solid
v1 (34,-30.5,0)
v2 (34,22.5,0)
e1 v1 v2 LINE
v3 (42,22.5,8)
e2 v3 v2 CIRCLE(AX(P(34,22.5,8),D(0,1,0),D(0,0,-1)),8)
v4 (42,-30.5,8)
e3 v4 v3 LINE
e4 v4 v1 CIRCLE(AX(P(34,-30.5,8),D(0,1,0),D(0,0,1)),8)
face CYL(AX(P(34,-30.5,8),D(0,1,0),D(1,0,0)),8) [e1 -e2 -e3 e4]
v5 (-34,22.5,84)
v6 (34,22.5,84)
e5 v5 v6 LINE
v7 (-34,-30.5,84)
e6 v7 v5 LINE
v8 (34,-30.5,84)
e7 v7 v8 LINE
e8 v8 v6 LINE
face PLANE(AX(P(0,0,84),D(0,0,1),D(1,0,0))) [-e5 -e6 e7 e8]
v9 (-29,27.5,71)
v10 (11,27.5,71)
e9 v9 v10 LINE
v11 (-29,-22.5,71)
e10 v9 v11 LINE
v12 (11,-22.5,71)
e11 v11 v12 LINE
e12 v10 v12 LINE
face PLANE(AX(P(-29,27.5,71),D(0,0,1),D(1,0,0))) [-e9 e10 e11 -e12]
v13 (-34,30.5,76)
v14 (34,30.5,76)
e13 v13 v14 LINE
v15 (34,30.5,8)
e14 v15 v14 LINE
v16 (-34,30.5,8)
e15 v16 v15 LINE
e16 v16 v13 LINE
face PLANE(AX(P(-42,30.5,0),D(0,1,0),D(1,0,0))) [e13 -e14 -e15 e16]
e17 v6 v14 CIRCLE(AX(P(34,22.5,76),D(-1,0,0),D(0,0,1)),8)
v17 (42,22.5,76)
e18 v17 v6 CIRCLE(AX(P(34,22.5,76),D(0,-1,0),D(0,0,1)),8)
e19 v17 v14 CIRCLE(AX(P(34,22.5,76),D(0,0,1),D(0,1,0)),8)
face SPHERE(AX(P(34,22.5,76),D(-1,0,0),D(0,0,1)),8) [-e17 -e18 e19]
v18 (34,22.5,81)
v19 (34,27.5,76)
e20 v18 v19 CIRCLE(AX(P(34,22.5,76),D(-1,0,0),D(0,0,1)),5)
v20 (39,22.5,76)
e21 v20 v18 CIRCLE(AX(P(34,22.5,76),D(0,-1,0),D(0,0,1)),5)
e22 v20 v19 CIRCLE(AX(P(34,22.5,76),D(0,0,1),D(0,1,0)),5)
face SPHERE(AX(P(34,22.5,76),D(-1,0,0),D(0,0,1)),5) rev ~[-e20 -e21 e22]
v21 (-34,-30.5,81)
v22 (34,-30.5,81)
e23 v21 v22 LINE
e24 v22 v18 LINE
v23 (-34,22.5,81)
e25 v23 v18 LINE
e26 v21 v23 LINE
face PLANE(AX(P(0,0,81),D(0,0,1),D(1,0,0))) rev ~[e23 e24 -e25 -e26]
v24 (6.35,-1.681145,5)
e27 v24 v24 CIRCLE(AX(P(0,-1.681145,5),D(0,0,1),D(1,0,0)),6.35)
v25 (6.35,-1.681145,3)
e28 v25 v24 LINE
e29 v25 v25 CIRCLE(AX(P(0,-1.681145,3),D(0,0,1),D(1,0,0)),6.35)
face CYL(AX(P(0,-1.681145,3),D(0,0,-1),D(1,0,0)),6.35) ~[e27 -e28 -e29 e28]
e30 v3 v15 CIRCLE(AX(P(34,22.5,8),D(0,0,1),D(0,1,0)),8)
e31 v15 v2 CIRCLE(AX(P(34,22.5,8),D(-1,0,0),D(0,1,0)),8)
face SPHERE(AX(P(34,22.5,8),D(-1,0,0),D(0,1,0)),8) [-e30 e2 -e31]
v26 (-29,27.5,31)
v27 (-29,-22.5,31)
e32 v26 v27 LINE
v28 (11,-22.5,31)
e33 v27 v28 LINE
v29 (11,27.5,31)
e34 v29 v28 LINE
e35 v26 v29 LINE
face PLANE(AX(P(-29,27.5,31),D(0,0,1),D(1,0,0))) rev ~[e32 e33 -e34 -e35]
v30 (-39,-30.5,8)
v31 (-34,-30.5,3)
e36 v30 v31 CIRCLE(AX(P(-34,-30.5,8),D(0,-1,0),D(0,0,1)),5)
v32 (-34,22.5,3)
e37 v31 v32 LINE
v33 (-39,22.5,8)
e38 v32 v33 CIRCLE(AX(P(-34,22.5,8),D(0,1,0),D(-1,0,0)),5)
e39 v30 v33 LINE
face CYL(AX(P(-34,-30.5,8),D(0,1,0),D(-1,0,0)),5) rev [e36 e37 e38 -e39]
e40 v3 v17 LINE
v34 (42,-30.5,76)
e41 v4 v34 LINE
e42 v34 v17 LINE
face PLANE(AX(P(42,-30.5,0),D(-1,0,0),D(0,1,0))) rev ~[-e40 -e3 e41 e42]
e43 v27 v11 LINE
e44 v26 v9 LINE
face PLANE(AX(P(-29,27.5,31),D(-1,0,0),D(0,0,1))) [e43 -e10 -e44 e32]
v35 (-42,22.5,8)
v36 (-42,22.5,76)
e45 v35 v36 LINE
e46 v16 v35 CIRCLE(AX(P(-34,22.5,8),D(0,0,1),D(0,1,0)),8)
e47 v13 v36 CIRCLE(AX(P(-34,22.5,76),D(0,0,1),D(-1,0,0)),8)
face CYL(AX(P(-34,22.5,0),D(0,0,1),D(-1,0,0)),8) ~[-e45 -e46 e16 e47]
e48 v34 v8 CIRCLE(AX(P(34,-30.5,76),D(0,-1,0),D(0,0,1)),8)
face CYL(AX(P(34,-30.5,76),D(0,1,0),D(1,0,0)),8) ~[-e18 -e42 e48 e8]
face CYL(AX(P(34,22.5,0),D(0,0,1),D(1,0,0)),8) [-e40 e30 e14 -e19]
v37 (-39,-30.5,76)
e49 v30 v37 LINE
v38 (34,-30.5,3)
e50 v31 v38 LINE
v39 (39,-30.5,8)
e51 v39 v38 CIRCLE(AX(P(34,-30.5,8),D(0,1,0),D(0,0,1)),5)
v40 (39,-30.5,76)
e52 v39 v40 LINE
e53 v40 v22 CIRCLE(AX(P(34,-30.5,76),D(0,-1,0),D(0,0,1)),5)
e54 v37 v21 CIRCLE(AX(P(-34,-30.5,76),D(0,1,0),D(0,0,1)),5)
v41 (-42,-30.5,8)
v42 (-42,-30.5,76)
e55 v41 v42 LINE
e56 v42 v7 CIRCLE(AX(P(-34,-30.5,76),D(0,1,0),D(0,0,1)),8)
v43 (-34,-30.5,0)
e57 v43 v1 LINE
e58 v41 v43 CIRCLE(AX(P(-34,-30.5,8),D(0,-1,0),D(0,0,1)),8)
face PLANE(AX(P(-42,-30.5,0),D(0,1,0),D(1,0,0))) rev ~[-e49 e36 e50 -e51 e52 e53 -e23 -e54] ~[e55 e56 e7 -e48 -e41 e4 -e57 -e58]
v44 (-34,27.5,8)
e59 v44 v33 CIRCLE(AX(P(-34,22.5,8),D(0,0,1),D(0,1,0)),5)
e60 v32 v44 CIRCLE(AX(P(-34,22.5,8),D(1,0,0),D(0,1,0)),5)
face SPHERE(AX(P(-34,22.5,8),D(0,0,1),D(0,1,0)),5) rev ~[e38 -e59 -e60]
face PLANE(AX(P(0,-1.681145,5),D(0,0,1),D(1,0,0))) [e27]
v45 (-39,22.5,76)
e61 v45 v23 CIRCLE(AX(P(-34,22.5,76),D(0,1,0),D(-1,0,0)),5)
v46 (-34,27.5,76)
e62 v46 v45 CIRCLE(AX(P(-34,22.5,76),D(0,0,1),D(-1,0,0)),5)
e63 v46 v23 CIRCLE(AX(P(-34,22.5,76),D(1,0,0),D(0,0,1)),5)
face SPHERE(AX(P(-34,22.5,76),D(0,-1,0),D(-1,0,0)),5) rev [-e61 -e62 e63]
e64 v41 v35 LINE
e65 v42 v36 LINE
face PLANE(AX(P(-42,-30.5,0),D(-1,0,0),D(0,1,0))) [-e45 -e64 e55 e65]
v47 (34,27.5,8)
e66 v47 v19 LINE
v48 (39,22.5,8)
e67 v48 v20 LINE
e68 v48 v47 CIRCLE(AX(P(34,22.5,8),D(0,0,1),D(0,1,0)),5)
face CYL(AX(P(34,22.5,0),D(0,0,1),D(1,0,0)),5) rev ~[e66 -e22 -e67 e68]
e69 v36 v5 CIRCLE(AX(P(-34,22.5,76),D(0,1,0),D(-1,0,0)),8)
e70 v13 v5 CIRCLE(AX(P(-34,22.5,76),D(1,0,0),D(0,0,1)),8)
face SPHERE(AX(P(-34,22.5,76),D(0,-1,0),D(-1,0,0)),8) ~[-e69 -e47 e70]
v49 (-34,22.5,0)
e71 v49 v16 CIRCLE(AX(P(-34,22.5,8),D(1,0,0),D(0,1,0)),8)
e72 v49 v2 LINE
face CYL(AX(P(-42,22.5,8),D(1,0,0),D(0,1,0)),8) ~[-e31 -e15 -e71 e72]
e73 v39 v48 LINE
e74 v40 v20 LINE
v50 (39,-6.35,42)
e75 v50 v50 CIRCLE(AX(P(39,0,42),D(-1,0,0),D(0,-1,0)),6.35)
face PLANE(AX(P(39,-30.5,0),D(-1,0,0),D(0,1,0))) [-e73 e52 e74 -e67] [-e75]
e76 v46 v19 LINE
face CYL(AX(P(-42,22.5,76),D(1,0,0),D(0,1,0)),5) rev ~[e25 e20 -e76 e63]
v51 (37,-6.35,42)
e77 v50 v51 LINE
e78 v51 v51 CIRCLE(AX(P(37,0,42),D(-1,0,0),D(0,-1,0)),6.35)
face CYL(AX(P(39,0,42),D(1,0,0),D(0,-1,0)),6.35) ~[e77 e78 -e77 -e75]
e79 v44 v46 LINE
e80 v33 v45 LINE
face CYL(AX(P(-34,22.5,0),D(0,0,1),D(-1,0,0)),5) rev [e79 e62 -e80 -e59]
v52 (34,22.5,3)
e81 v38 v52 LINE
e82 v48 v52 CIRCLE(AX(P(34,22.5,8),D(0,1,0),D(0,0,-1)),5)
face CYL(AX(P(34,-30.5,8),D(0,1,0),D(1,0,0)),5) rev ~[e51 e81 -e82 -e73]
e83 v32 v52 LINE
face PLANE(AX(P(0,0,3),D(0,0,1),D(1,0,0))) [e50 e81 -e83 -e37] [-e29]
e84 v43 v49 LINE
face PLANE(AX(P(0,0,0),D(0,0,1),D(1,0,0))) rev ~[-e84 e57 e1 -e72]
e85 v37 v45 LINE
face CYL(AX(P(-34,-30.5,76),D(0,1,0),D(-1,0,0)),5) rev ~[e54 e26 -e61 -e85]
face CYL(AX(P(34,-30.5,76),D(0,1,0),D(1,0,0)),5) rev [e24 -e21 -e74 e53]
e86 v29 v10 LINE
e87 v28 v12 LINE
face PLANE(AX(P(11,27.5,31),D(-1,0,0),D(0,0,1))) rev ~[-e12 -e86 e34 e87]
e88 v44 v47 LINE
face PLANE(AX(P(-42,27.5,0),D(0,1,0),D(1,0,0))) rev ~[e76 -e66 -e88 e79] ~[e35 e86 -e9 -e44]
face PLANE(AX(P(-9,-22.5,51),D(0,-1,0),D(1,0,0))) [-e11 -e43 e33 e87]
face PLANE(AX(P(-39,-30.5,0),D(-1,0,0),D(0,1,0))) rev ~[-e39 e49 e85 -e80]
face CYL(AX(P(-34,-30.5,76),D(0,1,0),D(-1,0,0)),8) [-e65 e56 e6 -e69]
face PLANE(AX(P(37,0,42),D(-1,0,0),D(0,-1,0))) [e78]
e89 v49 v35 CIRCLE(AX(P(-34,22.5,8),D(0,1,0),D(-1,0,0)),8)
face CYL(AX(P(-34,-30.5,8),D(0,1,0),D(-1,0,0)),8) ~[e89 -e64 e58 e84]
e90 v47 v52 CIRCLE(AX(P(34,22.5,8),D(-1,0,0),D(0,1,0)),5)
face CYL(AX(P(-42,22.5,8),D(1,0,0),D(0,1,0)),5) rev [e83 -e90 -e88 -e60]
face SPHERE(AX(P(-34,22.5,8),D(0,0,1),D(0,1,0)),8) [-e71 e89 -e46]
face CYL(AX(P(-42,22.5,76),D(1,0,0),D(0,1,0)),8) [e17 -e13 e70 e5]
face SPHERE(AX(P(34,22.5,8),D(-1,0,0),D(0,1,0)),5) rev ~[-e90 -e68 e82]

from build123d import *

# Parameters (mm, degrees)
F0_W     = 84
F0_H     = 61
F1_DEPTH = 84
F2_R     = 8
F3_T     = -3
F4_R     = 6.35
F5_DEPTH = 2
F6_R     = 6.35
F7_DEPTH = 2
F8_W     = 40
F8_H     = 40
F9_DEPTH = 50


with BuildPart() as f1:
    # F0 (on Top) → F1 (new body)
    with BuildSketch(Plane.XY):
        Rectangle(F0_W, F0_H)
    extrude(amount=F1_DEPTH)

    # F2
    f2_edges = [f1.edges().sort_by_distance(p)[0] for p in [
        (-42, 0, 84),
        (-42, 30.5, 42),
        (0, 30.5, 84),
        (0, 30.5, 0),
        (-42, 0, 0),
        (42, 0, 84),
        (42, 30.5, 42),
        (42, 0, 0),
    ]]
    fillet(f2_edges, radius=F2_R)

    # F3
    f3_openings = [f1.faces().sort_by_distance(p)[0] for p in [
        (0, -30.5, 42),
    ]]
    offset(amount=F3_T, openings=f3_openings)

    # F4 (on face) → F5 (join)
    with BuildSketch(Plane.XY.offset(3)):
        with Locations((0, -1.681145)):
            Circle(F4_R)
    extrude(amount=F5_DEPTH)

    # F6 (on face) → F7 (join)
    with BuildSketch(Plane(origin=(39, 0, 0), x_dir=(0, -1, 0), z_dir=(-1, 0, 0))):
        with Locations((0, 42)):
            Circle(F6_R)
    extrude(amount=F7_DEPTH)

    # F8 (on face) → F9 (join)
    with BuildSketch(Plane.XZ.offset(-27.5)):
        with Locations((-9, 51)):
            Rectangle(F8_W, F8_H)
    extrude(amount=F9_DEPTH)


solid = f1.part
